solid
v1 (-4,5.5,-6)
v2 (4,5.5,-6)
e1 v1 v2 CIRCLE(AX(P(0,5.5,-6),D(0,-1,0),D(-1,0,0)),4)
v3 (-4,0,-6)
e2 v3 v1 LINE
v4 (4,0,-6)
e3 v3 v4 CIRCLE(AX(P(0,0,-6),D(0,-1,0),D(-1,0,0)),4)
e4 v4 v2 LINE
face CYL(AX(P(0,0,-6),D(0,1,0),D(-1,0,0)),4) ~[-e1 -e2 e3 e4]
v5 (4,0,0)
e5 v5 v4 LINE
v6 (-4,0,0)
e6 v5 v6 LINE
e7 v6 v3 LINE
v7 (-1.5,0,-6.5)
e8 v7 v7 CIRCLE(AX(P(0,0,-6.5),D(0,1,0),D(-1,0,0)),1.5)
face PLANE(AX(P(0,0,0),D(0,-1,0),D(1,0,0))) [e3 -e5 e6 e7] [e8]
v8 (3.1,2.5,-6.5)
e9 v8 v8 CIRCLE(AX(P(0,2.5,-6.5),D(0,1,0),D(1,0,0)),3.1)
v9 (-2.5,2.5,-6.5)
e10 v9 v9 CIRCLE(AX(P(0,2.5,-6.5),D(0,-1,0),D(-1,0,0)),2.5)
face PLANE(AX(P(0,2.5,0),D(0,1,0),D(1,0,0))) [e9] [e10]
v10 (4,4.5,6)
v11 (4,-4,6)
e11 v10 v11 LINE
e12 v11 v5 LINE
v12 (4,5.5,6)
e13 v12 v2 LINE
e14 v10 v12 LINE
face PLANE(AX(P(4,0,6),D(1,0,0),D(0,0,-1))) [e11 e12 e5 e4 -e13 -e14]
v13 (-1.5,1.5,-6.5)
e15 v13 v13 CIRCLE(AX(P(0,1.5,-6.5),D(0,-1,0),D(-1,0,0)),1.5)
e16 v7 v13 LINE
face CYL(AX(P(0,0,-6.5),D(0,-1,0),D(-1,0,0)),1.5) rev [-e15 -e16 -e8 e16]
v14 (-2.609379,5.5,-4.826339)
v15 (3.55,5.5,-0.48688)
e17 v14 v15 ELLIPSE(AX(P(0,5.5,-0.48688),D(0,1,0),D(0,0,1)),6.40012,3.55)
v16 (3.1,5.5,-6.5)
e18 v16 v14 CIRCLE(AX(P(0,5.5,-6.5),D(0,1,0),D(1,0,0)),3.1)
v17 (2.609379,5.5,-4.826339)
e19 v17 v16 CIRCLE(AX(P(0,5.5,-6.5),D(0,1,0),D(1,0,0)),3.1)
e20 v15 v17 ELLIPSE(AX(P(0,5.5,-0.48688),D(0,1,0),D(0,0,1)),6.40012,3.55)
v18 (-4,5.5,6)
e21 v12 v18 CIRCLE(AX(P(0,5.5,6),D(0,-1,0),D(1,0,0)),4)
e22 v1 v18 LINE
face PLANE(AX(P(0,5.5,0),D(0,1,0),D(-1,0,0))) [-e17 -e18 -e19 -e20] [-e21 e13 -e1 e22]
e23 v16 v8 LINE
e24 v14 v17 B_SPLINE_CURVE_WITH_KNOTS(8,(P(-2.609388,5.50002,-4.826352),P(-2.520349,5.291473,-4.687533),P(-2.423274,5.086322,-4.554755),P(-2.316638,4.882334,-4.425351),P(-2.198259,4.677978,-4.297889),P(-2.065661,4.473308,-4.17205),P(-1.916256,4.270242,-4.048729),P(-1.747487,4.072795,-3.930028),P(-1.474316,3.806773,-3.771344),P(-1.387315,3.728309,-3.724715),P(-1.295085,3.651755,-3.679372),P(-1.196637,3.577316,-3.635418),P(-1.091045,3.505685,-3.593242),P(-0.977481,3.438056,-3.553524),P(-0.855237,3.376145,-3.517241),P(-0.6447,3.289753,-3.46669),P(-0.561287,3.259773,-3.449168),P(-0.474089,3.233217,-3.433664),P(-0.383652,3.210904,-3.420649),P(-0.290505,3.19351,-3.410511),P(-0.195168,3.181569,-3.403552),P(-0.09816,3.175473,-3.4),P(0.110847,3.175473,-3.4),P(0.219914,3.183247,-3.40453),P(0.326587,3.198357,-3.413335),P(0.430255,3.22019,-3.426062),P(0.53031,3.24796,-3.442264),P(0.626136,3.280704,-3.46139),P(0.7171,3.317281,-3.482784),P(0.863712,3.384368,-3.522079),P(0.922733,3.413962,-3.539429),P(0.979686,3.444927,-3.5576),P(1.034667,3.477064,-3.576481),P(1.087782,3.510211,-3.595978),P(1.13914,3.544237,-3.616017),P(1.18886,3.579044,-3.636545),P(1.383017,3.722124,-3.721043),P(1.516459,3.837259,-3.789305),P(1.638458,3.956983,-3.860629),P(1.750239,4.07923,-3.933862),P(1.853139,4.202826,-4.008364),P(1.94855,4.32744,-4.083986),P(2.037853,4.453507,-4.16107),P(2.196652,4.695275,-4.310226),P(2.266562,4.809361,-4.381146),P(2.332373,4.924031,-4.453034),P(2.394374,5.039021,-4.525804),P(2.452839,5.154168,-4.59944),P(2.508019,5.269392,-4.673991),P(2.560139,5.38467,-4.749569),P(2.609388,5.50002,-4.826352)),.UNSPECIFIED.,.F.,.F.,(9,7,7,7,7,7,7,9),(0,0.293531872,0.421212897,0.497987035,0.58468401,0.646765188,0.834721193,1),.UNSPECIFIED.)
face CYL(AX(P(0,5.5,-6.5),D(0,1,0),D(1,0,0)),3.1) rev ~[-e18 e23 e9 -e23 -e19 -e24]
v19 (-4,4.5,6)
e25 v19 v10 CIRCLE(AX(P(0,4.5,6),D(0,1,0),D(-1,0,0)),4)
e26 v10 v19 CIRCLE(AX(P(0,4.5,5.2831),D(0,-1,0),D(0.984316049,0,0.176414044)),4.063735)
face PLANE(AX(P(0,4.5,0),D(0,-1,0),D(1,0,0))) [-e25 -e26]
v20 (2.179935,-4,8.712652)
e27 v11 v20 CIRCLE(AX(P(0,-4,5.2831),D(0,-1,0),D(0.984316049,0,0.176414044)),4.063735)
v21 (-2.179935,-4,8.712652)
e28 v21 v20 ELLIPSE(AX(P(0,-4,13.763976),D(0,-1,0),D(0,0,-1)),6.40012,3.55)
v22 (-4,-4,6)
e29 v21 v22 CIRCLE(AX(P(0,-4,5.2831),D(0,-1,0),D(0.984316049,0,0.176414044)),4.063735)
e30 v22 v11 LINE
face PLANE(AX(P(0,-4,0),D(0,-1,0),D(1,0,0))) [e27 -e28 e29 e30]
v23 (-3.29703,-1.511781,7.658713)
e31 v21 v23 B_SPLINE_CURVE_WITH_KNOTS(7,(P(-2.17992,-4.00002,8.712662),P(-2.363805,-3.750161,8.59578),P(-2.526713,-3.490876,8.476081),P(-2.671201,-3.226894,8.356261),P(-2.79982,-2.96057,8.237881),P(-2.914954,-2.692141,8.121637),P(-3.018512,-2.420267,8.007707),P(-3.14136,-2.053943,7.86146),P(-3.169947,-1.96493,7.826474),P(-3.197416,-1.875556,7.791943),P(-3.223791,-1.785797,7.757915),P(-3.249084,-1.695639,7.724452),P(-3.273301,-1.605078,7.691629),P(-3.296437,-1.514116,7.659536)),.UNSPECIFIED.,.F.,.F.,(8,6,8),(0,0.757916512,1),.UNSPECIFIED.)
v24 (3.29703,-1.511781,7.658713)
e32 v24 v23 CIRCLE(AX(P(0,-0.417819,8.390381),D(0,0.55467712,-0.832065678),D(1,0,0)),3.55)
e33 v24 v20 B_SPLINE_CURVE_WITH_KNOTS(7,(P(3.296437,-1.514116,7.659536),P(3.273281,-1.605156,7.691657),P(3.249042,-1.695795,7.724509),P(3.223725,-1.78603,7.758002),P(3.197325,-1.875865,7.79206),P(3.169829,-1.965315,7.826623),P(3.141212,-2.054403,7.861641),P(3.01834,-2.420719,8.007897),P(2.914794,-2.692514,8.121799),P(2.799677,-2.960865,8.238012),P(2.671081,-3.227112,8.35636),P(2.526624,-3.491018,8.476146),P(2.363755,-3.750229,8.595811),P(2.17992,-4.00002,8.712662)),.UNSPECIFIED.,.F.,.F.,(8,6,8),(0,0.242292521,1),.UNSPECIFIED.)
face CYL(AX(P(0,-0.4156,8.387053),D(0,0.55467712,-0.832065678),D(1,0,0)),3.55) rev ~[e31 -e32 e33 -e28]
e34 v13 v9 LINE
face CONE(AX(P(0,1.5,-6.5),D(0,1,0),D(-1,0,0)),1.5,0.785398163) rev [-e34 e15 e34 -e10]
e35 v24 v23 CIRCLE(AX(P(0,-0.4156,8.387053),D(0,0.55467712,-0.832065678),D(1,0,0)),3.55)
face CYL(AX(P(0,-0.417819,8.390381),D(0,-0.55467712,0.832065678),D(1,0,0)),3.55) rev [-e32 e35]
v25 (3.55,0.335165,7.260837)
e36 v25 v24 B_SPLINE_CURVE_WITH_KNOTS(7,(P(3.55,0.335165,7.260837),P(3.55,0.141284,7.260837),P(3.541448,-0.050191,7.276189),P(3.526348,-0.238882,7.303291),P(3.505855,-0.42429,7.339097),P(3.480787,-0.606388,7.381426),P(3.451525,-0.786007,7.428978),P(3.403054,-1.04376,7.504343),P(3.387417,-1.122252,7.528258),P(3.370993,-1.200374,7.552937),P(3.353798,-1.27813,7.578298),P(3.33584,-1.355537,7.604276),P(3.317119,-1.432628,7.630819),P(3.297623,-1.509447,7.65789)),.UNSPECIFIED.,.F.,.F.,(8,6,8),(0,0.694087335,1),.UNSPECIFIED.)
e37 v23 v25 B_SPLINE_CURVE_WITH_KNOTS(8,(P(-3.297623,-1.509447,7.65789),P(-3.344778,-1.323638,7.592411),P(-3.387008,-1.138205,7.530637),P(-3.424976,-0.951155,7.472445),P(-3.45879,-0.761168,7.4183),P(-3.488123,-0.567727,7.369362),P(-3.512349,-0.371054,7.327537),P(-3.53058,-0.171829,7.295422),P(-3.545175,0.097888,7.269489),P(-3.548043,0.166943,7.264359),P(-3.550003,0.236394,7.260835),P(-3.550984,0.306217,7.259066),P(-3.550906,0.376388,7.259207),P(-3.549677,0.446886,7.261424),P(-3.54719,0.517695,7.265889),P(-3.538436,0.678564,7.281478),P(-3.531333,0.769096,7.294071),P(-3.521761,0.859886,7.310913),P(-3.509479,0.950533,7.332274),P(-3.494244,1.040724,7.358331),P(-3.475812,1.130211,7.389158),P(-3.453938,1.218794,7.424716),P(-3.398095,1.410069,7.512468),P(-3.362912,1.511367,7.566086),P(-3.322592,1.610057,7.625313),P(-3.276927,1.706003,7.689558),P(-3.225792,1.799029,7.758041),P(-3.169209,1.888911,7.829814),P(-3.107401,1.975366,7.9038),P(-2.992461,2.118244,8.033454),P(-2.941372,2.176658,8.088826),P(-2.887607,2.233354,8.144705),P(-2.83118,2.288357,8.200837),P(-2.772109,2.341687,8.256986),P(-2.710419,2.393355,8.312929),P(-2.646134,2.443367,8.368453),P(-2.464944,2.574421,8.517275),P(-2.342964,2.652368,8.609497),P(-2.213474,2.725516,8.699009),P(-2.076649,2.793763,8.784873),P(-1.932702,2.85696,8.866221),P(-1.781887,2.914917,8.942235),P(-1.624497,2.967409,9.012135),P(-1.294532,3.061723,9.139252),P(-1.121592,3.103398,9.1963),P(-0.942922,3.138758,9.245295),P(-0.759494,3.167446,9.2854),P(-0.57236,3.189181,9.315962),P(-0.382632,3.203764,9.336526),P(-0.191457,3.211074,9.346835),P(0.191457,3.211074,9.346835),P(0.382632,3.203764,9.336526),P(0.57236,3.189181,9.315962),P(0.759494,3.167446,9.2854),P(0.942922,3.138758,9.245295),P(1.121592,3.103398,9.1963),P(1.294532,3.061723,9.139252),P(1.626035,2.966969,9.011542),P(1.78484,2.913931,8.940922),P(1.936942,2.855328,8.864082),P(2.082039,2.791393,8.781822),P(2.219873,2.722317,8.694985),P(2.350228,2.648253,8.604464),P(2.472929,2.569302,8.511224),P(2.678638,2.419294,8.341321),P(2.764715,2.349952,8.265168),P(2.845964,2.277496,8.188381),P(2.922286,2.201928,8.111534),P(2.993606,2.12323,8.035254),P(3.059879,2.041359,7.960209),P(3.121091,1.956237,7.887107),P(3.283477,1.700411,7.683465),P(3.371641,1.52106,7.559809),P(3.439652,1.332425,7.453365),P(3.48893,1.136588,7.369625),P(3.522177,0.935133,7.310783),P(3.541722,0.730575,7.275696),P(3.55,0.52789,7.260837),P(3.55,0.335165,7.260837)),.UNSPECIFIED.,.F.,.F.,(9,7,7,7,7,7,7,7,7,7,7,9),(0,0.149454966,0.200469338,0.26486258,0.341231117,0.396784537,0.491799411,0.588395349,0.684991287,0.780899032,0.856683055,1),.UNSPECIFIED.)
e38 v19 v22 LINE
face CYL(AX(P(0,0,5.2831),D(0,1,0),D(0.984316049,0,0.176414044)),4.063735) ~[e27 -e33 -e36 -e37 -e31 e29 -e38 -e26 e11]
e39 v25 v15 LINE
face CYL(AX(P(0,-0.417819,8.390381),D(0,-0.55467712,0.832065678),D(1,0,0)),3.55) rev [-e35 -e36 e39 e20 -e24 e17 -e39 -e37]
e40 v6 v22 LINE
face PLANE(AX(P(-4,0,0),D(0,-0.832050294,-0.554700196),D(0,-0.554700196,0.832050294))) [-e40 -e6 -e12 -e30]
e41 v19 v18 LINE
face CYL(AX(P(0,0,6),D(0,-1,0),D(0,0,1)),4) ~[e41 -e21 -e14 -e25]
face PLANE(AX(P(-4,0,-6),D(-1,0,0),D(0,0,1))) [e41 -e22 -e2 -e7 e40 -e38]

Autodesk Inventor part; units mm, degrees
ref_plane "YZ Plane" through (0, 0, 0) normal (1, 0, 0) x (0, 1, 0)
ref_plane "XZ Plane" through (0, 0, 0) normal (0, 1, 0) x (-1, 0, 0)
ref_plane "XY Plane" through (0, 0, 0) normal (0, 0, 1) x (1, 0, 0)
sketch "Sketch1" plane through (0, 0, 0) normal (0, 1, 0) x (-1, 0, 0)
  line L0 (0, 10) -> (0, 10)
  line L1 (-4, 6) -> (-4, -6)
  line L2 (0, -10) -> (0, -10)
  line L3 (4, -6) -> (4, 6)
  line L4 (4, 10) -> (-4, -10) construction
  line L5 (-4, 10) -> (4, -10) construction
  circle A0 centre (0, -6.5) radius 1.5
  arc A1 (0, -10) -> (4, -6) centre (0, -6) ccw
  arc A2 (-4, -6) -> (0, -10) centre (0, -6) ccw
  arc A3 (4, 6) -> (0, 10) centre (0, 6) ccw
  arc A4 (0, 10) -> (-4, 6) centre (0, 6) ccw
  point P0 (0, 0)
  dimension "d0" = 8
  dimension "d1" = 20
  dimension "d2" = 3
  dimension "d3" = 3.5
  dimension "d4" = 4
extrude "Extrusion1" add sketch "Sketch1" along normal blind 5.5
sketch "Sketch2" plane through (0, 0, 0) normal (0, -1, 0) x (1, 0, 0)
  circle A0 centre (0, -6.5) radius 1.5 construction
  line L0 (-4, -6) -> (-4, 6) construction
  arc A1 (-4, -6) -> (4, -6) centre (0, -6) ccw construction
  line L1 (4, 6) -> (4, -6) construction
  arc A2 (4, 6) -> (-4, 6) centre (0, 6) ccw construction
  arc A3 (4, 6) -> (-4, 6) centre (0, 6) ccw projected
  arc A4 (4, 6) -> (-4, 6) centre (0, 5.2831) ccw
  point P0 (0, 0)
extrude "Extrusion2" cut sketch "Sketch2" against normal blind 4.5
sketch "Sketch4" plane through (0, 0, 0) normal (0, -1, 0) x (1, 0, 0)
  arc A0 (4, 6) -> (-4, 6) centre (0, 5.2831) ccw projected
  line L0 (-4, -6) -> (-4, 6) projected
  arc A1 (-4, -6) -> (4, -6) centre (0, -6) ccw projected
  line L1 (4, 6) -> (4, -6) projected
  circle A2 centre (0, -6.5) radius 1.5 projected
  point P0 (0, 0)
extrude "Extrusion3" add sketch "Sketch4" along normal blind 4
sketch "Sketch6" plane through (0, -4, 0) normal (0, -1, 0) x (1, 0, 0)
  circle A0 centre (0, -6.5) radius 1.5 projected
  arc A1 (-4, -6) -> (4, -6) centre (0, -6) ccw projected
  line L0 (4, 0) -> (4, -6)
  line L1 (4, 0) -> (-4, 0)
  arc A2 (-4, -6) -> (4, -6) centre (0, -6) ccw projected
  line L2 (-4, 0) -> (-4, -6)
  point P0 (0, 0)
extrude "Extrusion4" cut sketch "Sketch6" against normal blind 4
sketch "Sketch7" plane through (-4, 5.5, -6) normal (-1, 0, 0) x (0, 0, 1)
  line L0 (12, -9.5) -> (15.3469, -9.5) projected
  line L1 (6, -9.5) -> (12, -9.5) projected
  line L2 (12, -9.5) -> (6, -9.5)
  line L3 (6, -5.5) -> (6, -9.5) projected
  line L4 (6, -9.5) -> (6, -5.5)
  line L5 (12, -9.5) -> (12, -1) projected
  line L6 (6, -5.5) -> (12, -9.5)
extrude "Extrusion5" cut sketch "Sketch7" against normal through all
ref_plane "Work Plane1" through (-4, 0.1603, 8.7735) normal (0, -0.8321, -0.5547) x (1, 0, 0)
sketch "Sketch8" plane through (0, -4, 0) normal (0, -1, 0) x (1, 0, 0)
  line L0 (-4, 6) -> (4, 6) construction
  arc A0 (4, 6) -> (-4, 6) centre (0, 5.2831) ccw construction
  point P0 (0, 0)
  point P1 (0, 9.3469)
ref_plane "Work Plane3" through (-2, -4, 6) normal (0, 0.5547, -0.8321) x (1, 0, 0)
sketch "Sketch10" plane through (-2, -4, 6) normal (0, 0.5547, -0.8321) x (1, 0, 0)
  circle A0 centre (2, -4.3065) radius 3.55
  point P0 (2, 0)
  dimension "d18" = 7.1
extrude "Extrusion6" cut sketch "Sketch10" along normal blind 20 and the other way blind 10
sketch "Sketch11" plane through (0, 5.5, 0) normal (0, 1, 0) x (1, 0, 0)
  arc A0 (1.4864, 6.2983) -> (-1.4864, 6.2983) centre (0, 6.5) ccw construction
  circle A1 centre (0, 6.5) radius 3.1
  point P0 (0, 0)
  dimension "d23" = 6.2
extrude "Extrusion7" cut sketch "Sketch11" against normal blind 3
chamfer "Chamfer1" distance 1 angle 45 1 edges at (1.5, 2.5, -6.5)
properties part number "cable_cap"
